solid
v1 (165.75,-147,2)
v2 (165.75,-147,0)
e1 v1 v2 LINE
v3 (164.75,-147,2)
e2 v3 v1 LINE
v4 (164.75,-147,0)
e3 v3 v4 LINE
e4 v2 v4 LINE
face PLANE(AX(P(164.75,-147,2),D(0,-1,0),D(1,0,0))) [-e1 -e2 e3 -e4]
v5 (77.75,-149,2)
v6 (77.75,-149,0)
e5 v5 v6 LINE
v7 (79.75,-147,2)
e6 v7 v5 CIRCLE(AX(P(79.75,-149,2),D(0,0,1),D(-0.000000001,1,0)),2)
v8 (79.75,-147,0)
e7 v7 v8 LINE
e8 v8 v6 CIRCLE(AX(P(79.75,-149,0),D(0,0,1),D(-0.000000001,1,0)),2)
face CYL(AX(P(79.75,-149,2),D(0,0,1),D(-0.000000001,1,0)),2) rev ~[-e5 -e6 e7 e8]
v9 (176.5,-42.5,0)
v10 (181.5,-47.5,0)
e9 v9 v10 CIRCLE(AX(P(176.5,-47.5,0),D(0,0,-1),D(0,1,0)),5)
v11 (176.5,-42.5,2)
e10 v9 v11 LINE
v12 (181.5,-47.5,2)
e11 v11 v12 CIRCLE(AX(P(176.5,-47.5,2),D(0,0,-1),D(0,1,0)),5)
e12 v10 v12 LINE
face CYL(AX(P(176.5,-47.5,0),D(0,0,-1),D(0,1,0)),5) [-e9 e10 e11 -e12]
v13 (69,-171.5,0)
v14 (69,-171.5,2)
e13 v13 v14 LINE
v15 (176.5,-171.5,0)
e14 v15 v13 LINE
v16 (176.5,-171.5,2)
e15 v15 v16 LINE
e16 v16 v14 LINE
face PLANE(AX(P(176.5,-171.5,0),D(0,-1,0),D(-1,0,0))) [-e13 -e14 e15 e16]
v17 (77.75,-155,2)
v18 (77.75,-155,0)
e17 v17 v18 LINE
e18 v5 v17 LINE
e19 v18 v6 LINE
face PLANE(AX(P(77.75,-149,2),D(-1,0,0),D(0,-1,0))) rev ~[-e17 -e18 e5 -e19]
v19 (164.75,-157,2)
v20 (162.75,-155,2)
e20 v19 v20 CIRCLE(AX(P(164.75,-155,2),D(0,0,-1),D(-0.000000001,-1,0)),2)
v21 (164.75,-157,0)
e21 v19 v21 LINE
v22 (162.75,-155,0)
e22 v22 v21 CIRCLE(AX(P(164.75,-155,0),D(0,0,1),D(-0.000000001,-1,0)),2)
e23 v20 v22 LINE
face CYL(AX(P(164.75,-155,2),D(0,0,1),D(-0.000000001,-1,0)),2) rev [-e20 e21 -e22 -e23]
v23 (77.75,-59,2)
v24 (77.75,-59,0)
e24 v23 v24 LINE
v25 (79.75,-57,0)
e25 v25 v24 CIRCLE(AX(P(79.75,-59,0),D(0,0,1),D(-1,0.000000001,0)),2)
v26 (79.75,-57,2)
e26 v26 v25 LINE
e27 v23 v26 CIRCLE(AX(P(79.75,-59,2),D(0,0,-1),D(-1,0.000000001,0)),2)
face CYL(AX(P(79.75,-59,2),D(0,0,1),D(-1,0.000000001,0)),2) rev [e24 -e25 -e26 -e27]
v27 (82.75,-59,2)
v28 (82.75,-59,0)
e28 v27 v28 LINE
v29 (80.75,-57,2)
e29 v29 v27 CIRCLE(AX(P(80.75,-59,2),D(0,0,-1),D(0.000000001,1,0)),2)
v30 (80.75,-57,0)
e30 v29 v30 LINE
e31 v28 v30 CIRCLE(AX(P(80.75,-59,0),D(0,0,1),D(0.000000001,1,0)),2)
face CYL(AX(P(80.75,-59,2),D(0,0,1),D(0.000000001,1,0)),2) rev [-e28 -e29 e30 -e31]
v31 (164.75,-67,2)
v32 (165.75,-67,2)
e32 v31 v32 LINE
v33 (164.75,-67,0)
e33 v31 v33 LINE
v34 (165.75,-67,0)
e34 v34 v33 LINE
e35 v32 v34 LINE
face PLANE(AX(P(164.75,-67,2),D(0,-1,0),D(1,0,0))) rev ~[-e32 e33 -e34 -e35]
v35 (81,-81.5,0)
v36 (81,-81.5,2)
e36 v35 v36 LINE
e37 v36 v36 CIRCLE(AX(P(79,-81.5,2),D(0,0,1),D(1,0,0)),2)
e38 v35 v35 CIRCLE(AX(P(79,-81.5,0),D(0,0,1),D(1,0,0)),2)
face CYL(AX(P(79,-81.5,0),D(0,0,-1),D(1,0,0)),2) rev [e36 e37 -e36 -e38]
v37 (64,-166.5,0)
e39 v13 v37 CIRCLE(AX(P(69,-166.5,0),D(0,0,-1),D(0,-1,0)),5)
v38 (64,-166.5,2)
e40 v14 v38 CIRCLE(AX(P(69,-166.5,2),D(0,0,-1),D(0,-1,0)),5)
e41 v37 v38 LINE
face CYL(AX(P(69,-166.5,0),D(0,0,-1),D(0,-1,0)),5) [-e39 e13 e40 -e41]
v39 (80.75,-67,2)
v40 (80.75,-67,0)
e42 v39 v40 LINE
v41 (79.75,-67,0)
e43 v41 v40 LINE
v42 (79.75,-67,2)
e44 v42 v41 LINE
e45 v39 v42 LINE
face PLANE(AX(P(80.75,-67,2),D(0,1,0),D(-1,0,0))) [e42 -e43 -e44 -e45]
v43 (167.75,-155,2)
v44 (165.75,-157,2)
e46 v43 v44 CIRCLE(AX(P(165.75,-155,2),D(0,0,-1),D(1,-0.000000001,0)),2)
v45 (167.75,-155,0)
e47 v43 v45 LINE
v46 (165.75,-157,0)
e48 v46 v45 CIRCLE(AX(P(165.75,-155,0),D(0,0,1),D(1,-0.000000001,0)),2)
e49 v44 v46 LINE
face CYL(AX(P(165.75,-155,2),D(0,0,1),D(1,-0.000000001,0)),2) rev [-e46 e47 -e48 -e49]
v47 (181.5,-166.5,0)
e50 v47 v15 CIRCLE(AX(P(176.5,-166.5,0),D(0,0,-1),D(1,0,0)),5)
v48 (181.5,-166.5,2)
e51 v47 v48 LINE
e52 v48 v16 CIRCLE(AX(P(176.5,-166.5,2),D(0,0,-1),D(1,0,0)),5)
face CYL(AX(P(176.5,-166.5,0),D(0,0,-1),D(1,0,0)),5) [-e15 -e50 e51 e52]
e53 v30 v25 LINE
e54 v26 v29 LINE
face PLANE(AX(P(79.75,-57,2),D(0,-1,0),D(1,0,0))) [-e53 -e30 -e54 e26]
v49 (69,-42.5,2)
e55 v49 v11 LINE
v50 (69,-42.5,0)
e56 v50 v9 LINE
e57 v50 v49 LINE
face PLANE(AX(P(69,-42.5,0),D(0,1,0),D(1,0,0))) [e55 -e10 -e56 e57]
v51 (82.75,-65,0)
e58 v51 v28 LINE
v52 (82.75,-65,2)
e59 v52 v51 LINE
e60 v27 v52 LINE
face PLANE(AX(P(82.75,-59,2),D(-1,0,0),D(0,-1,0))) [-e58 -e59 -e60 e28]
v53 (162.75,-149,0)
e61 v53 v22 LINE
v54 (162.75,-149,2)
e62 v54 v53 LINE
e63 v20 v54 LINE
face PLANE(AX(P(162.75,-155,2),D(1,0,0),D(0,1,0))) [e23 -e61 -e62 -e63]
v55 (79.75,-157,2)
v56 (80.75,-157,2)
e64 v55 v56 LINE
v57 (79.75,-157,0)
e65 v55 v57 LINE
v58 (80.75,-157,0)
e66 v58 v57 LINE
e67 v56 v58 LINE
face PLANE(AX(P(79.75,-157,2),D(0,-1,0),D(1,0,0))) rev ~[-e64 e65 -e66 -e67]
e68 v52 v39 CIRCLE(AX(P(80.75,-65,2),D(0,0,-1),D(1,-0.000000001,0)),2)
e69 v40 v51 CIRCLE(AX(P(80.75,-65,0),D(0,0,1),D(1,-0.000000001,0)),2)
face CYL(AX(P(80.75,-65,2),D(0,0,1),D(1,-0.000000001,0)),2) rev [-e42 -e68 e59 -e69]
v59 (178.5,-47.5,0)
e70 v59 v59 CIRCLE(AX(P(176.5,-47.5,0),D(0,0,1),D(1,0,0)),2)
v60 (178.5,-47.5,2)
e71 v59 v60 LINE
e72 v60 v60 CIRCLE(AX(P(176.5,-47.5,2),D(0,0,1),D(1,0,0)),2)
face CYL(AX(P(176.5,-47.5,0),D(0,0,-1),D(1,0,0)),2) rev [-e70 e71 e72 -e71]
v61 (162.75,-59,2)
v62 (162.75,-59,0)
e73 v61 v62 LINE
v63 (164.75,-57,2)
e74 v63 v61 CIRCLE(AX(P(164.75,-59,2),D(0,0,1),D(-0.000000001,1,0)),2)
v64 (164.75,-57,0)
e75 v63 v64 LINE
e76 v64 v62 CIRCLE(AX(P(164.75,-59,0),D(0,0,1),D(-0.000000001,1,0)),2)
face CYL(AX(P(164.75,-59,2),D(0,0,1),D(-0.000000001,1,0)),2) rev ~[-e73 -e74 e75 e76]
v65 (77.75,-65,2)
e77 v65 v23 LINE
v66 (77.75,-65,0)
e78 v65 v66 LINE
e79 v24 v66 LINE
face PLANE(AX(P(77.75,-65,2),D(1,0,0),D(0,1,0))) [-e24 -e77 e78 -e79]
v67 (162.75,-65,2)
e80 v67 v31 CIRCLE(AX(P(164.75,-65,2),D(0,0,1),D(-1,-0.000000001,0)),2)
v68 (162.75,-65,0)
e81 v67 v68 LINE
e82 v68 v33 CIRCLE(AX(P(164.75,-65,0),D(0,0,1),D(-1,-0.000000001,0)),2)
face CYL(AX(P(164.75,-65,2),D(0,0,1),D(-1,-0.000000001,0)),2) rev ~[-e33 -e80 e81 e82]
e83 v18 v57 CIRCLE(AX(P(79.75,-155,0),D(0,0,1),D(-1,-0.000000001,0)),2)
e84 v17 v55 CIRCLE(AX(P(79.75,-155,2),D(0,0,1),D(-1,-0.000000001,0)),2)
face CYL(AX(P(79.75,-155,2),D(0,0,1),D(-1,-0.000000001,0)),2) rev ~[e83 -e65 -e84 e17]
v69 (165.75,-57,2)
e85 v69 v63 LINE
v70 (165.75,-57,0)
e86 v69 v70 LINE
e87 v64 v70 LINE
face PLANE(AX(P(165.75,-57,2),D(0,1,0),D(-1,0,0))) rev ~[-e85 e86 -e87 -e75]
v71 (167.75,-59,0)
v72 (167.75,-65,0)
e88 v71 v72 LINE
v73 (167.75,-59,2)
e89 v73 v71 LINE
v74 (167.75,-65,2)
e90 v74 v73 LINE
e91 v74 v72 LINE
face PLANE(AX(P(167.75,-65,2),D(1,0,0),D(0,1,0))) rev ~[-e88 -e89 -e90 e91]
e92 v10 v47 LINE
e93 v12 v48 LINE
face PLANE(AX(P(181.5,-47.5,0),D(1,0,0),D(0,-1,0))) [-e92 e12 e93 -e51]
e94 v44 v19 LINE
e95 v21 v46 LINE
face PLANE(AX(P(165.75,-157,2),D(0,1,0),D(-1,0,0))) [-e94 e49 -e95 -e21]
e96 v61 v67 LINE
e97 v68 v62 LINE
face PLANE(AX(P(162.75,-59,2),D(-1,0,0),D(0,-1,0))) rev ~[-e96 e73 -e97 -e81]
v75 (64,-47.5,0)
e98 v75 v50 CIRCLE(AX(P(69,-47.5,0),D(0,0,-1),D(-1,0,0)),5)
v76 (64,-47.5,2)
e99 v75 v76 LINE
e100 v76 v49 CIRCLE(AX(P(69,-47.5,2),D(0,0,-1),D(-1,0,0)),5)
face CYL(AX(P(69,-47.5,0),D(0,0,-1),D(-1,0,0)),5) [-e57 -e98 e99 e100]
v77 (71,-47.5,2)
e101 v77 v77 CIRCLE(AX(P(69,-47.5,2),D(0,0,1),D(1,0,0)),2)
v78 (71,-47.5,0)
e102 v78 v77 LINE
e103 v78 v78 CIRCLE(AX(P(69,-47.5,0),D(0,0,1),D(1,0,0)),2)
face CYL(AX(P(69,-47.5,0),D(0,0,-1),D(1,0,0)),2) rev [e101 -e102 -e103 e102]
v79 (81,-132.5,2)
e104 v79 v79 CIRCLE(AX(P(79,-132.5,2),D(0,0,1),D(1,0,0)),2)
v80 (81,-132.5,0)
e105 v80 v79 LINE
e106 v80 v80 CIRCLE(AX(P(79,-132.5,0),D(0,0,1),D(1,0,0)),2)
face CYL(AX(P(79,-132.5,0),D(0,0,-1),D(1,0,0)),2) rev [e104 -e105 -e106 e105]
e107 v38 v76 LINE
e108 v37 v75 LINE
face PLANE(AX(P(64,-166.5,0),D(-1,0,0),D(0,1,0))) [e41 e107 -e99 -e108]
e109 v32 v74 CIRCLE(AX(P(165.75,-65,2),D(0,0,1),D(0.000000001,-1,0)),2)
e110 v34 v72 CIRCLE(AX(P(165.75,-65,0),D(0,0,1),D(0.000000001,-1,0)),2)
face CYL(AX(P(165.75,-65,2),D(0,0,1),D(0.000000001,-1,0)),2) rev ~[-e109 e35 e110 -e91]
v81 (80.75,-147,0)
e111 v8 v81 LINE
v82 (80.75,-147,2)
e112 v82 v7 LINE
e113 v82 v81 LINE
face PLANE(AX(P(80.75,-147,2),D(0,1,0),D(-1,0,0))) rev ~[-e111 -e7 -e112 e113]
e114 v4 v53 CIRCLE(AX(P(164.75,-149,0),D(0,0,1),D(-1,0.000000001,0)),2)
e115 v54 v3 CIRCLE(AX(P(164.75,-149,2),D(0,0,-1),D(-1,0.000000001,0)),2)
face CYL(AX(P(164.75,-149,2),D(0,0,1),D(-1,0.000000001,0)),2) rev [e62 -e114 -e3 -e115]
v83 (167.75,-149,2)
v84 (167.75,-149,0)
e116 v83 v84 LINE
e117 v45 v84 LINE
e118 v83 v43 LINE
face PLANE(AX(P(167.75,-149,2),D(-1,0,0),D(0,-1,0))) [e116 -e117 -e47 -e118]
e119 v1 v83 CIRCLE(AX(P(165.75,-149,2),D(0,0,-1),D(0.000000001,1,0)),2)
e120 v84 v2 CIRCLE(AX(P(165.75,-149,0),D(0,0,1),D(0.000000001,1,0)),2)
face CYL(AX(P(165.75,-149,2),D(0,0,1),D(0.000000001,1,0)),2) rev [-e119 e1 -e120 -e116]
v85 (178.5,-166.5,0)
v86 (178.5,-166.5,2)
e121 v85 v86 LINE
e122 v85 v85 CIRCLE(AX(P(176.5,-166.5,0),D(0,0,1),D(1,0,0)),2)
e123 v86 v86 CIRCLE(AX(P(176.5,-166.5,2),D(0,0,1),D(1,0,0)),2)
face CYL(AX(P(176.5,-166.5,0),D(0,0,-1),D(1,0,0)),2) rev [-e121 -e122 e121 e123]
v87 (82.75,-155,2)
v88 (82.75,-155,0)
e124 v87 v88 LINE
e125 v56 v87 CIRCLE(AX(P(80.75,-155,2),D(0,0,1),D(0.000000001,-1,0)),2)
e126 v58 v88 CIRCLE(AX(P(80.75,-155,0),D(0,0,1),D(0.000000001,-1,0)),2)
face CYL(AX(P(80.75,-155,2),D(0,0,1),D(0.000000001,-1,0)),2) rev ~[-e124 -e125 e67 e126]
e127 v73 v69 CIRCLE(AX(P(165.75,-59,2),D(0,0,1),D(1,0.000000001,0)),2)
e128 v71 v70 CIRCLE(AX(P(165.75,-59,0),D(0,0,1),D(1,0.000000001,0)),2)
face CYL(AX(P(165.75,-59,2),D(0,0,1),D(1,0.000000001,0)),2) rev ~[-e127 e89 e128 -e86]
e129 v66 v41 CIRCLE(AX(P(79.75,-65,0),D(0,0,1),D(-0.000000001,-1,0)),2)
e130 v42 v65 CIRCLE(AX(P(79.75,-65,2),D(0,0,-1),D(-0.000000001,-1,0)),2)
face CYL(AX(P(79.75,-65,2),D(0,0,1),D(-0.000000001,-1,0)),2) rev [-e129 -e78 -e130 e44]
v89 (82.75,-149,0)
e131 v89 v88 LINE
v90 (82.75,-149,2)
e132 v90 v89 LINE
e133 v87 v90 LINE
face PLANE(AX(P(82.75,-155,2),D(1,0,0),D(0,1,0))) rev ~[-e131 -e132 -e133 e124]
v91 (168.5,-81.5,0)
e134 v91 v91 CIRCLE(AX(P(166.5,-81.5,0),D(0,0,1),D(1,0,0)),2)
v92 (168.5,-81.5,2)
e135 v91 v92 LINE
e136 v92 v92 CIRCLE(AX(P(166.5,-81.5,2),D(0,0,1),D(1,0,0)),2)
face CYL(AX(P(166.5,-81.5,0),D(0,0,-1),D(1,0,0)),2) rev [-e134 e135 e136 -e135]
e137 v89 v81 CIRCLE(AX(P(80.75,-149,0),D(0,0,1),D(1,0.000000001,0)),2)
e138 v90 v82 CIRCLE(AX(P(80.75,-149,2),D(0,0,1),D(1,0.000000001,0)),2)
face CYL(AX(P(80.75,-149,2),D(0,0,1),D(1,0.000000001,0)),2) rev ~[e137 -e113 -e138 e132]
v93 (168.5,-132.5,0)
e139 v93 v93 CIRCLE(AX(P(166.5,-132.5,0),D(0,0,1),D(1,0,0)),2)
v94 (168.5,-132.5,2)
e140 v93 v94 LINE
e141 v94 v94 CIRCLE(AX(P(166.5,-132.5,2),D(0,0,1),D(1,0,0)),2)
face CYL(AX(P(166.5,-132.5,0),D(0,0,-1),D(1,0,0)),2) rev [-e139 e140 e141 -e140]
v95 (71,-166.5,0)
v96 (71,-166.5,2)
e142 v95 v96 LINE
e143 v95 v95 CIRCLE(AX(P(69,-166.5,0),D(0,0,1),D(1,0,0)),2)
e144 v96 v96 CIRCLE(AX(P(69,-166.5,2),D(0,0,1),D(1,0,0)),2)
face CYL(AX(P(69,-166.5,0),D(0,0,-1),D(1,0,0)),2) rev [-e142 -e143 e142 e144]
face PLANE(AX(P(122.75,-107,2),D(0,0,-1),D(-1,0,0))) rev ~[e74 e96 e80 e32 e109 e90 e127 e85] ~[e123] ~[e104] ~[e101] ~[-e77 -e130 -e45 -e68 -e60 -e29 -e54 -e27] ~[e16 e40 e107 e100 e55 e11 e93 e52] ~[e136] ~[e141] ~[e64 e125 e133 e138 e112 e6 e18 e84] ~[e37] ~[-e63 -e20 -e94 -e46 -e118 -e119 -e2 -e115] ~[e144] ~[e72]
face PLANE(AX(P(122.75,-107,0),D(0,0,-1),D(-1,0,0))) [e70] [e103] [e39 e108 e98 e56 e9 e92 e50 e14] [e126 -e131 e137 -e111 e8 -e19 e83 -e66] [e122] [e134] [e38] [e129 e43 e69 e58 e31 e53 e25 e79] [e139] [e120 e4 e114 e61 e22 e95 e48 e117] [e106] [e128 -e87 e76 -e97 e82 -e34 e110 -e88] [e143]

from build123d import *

# Parameters (mm, degrees)
SKETCH1_R           = 2
BOSS_EXTRUDE1_DEPTH = 2
CUT_EXTRUDE1_DEPTH  = 3


with BuildPart() as part:
    # Sketch1 → Boss-Extrude1 (new body)
    with BuildSketch(Plane.XY):
        with BuildLine():
            Line((69, -42.5), (176.5, -42.5))
            ThreePointArc((176.5, -42.5), (180.035533906, -43.964466094), (181.5, -47.5))
            Line((181.5, -47.5), (181.5, -166.5))
            ThreePointArc((181.5, -166.5), (180.035533906, -170.035533906), (176.5, -171.5))
            Line((176.5, -171.5), (69, -171.5))
            ThreePointArc((69, -171.5), (65.464466094, -170.035533906), (64, -166.5))
            Line((64, -166.5), (64, -47.5))
            ThreePointArc((64, -47.5), (65.464466094, -43.964466094), (69, -42.5))
        make_face()
        with Locations((166.5, -81.5)):
            Circle(SKETCH1_R, mode=Mode.SUBTRACT)
        with Locations((166.5, -132.5)):
            Circle(SKETCH1_R, mode=Mode.SUBTRACT)
        with Locations((79, -132.5)):
            Circle(SKETCH1_R, mode=Mode.SUBTRACT)
        with Locations((79, -81.5)):
            Circle(SKETCH1_R, mode=Mode.SUBTRACT)
        with Locations((69, -166.5)):
            Circle(SKETCH1_R, mode=Mode.SUBTRACT)
        with Locations((176.5, -166.5)):
            Circle(SKETCH1_R, mode=Mode.SUBTRACT)
        with Locations((176.5, -47.5)):
            Circle(SKETCH1_R, mode=Mode.SUBTRACT)
        with Locations((69, -47.5)):
            Circle(SKETCH1_R, mode=Mode.SUBTRACT)
    extrude(amount=BOSS_EXTRUDE1_DEPTH)

    # Sketch2 → Cut-Extrude1 (cut)
    with BuildSketch(Plane.XY.offset(2)):
        with BuildLine():
            Line((79.75, -57), (80.75, -57))
            ThreePointArc((80.75, -57), (82.164213562, -57.585786438), (82.75, -59))
            Line((82.75, -59), (82.75, -65))
            ThreePointArc((82.75, -65), (82.164213562, -66.414213562), (80.75, -67))
            Line((80.75, -67), (79.75, -67))
            ThreePointArc((79.75, -67), (78.335786438, -66.414213562), (77.75, -65))
            Line((77.75, -65), (77.75, -59))
            ThreePointArc((77.75, -59), (78.335786438, -57.585786438), (79.75, -57))
        make_face()
        with BuildLine():
            Line((162.75, -59), (162.75, -65))
            ThreePointArc((162.75, -65), (163.335786438, -66.414213562), (164.75, -67))
            Line((164.75, -67), (165.75, -67))
            ThreePointArc((165.75, -67), (167.164213562, -66.414213562), (167.75, -65))
            Line((167.75, -65), (167.75, -59))
            ThreePointArc((167.75, -59), (167.164213562, -57.585786438), (165.75, -57))
            Line((165.75, -57), (164.75, -57))
            ThreePointArc((164.75, -57), (163.335786438, -57.585786438), (162.75, -59))
        make_face()
        with BuildLine():
            Line((165.75, -157), (164.75, -157))
            ThreePointArc((164.75, -157), (163.335786438, -156.414213562), (162.75, -155))
            Line((162.75, -155), (162.75, -149))
            ThreePointArc((162.75, -149), (163.335786438, -147.585786438), (164.75, -147))
            Line((164.75, -147), (165.75, -147))
            ThreePointArc((165.75, -147), (167.164213562, -147.585786438), (167.75, -149))
            Line((167.75, -149), (167.75, -155))
            ThreePointArc((167.75, -155), (167.164213562, -156.414213562), (165.75, -157))
        make_face()
        with BuildLine():
            Line((82.75, -155), (82.75, -149))
            ThreePointArc((82.75, -149), (82.164213562, -147.585786438), (80.75, -147))
            Line((80.75, -147), (79.75, -147))
            ThreePointArc((79.75, -147), (78.335786438, -147.585786438), (77.75, -149))
            Line((77.75, -149), (77.75, -155))
            ThreePointArc((77.75, -155), (78.335786438, -156.414213562), (79.75, -157))
            Line((79.75, -157), (80.75, -157))
            ThreePointArc((80.75, -157), (82.164213562, -156.414213562), (82.75, -155))
        make_face()
    extrude(amount=-CUT_EXTRUDE1_DEPTH, mode=Mode.SUBTRACT)


solid = part.part
